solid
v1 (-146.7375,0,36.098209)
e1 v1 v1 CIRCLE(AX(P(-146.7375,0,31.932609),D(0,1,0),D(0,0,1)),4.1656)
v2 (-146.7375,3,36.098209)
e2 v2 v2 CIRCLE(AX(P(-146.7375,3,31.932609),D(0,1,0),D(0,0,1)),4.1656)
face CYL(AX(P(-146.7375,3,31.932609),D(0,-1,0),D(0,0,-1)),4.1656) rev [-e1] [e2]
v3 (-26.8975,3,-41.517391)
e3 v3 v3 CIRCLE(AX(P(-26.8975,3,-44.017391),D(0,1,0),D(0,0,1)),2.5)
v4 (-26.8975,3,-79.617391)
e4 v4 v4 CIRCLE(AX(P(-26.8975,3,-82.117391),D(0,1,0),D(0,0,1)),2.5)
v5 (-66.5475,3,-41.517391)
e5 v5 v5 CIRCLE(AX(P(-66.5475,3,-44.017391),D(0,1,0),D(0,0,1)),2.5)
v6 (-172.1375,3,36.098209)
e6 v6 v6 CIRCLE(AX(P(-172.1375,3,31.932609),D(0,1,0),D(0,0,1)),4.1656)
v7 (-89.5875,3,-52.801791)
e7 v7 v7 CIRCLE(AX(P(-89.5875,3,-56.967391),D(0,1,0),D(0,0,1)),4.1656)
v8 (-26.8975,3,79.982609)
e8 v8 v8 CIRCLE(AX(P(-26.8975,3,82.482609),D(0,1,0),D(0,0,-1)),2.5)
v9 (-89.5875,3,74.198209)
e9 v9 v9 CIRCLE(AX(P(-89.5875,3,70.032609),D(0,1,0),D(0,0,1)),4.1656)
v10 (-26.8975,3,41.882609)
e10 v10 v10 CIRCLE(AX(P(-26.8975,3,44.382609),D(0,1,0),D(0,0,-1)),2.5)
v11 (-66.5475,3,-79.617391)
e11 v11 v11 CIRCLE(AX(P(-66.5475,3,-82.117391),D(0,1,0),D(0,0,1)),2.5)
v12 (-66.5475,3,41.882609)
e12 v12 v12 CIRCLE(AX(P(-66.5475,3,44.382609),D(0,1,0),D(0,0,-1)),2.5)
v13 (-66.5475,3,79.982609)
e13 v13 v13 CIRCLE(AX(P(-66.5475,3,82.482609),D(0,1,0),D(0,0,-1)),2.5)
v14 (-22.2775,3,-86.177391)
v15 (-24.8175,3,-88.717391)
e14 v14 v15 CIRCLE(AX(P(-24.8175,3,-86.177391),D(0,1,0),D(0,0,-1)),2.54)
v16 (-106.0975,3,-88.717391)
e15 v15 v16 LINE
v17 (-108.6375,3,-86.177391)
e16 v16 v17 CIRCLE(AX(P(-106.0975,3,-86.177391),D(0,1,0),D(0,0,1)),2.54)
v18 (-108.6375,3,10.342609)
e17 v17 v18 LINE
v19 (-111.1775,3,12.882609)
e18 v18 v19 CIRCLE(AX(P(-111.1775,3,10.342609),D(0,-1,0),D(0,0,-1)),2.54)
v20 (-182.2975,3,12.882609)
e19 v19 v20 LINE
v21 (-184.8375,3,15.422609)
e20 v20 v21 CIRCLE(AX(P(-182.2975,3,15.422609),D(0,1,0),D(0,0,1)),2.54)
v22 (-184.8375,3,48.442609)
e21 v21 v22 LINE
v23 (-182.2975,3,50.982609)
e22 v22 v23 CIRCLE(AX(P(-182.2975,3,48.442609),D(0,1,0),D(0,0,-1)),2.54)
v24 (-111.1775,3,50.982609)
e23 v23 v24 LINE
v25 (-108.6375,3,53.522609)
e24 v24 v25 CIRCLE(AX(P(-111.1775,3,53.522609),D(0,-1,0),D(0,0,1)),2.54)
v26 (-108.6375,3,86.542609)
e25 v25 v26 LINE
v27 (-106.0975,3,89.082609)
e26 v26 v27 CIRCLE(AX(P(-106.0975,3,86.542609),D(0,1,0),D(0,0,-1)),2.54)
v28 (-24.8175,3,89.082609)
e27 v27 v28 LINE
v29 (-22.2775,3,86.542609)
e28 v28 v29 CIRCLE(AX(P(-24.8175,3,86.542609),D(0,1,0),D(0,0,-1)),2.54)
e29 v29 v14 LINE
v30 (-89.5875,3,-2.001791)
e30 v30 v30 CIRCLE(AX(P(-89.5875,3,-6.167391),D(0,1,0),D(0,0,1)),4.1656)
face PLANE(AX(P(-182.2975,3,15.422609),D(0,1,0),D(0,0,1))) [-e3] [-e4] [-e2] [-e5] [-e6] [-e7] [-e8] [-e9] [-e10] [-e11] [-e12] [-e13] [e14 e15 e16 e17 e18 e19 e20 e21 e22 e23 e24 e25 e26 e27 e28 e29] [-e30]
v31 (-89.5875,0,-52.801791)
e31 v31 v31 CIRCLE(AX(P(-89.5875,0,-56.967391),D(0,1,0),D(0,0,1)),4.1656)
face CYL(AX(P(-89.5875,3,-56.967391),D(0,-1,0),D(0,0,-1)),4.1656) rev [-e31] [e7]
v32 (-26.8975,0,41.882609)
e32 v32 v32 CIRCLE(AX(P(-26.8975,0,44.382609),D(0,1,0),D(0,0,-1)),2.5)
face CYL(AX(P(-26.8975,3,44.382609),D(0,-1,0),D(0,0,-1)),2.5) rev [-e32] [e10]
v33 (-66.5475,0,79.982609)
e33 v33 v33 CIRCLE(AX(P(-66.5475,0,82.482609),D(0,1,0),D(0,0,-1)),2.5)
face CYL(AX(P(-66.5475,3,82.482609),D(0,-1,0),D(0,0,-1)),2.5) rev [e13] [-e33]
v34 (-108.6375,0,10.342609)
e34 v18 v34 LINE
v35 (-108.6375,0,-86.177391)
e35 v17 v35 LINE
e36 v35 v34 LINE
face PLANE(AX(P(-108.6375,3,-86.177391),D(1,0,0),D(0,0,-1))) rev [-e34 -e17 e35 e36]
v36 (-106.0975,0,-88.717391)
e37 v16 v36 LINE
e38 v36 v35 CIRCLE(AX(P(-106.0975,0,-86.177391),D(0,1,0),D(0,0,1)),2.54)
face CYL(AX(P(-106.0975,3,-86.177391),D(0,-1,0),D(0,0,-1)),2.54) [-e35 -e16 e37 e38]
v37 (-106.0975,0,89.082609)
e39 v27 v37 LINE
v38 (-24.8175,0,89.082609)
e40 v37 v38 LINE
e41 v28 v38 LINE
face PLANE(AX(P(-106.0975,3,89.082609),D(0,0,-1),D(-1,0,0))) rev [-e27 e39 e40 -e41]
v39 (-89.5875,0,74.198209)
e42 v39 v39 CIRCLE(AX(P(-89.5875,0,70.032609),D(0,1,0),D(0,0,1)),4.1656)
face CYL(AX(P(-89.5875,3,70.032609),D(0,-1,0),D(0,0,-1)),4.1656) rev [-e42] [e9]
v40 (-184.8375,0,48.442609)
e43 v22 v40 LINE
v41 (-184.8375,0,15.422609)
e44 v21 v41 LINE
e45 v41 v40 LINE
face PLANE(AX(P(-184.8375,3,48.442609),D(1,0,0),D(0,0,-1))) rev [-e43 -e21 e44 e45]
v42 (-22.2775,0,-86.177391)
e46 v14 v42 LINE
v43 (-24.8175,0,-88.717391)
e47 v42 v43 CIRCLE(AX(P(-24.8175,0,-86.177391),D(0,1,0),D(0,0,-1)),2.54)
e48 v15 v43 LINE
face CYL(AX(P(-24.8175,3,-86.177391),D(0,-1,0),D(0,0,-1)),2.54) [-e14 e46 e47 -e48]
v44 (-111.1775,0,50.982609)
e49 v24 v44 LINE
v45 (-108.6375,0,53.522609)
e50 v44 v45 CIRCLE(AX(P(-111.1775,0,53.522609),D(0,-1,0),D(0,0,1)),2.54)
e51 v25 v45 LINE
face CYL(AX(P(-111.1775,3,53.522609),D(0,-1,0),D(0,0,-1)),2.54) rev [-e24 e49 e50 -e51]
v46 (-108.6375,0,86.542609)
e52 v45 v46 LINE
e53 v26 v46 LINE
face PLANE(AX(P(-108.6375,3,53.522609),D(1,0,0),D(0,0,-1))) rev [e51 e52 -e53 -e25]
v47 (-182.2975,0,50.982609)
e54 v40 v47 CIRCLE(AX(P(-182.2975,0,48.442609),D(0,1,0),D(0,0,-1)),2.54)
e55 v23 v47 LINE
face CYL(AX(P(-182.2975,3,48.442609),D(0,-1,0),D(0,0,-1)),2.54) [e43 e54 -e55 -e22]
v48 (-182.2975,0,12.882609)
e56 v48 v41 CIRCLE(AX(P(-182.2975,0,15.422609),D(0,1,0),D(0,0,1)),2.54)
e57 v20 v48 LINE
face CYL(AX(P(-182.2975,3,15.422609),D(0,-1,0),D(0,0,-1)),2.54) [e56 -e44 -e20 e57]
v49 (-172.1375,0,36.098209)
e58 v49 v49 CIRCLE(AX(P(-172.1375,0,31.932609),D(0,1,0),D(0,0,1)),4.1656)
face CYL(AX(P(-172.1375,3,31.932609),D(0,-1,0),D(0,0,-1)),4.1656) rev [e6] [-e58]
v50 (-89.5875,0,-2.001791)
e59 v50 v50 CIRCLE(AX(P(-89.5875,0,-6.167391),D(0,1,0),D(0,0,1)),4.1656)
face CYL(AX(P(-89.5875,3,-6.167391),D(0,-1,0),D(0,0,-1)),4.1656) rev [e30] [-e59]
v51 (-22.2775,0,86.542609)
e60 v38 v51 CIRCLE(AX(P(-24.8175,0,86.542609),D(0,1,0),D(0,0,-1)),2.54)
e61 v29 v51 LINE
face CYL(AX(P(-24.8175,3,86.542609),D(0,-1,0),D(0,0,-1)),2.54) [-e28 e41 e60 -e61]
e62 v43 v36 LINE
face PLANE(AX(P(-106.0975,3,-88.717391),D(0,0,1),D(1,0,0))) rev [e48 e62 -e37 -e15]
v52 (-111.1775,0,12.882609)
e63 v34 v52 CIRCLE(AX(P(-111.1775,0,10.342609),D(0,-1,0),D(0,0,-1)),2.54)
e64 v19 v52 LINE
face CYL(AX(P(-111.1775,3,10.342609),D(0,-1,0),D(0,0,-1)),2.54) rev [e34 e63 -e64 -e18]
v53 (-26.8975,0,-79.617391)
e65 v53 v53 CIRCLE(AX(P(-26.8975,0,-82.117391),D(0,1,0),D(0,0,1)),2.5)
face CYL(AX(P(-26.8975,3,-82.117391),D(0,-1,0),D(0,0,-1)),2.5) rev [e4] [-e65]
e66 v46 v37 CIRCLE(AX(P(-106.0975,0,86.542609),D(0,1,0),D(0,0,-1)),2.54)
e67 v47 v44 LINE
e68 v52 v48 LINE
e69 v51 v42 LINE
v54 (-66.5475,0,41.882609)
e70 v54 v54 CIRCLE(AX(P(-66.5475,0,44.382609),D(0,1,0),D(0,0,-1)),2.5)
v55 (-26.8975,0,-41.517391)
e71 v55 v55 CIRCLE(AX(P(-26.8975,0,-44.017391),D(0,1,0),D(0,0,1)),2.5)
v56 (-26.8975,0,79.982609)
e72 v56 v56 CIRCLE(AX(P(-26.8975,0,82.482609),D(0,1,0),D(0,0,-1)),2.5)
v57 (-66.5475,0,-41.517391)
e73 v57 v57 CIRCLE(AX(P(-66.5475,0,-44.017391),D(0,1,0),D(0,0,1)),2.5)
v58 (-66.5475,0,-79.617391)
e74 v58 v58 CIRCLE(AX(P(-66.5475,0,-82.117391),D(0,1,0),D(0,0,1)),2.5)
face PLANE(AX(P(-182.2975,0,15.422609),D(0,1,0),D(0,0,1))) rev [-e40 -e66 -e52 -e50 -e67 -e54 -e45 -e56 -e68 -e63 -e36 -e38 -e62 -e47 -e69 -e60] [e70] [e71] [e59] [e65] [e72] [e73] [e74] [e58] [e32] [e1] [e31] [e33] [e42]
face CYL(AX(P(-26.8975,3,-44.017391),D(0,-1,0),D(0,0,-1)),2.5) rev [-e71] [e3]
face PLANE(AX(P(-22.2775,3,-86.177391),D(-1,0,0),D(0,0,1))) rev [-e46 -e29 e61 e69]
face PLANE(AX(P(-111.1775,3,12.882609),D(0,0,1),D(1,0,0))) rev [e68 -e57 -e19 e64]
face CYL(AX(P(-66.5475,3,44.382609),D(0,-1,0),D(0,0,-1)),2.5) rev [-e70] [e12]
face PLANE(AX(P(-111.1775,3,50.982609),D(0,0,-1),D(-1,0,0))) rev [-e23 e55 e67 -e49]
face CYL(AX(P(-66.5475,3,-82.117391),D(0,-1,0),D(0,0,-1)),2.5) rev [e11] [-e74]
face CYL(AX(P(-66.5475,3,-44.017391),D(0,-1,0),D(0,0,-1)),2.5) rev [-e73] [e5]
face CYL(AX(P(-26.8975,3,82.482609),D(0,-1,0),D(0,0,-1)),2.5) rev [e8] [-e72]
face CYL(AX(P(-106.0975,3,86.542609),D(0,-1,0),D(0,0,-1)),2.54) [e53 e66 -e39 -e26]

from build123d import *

# Parameters (mm, degrees)
SKETCH1_R           = 2.5
SKETCH1_R_2         = 4.1656
BOSS_EXTRUDE1_DEPTH = 3


with BuildPart() as part:
    # Sketch1 → Boss-Extrude1 (new body)
    with BuildSketch(Plane(origin=(0, 0, 0), x_dir=(1, 0, 0), z_dir=(0, 1, 0))):
        with BuildLine():
            Line((-108.6375, -53.522608696), (-108.6375, -86.542608696))
            ThreePointArc((-108.6375, -86.542608696), (-107.893551224, -88.33865992), (-106.0975, -89.082608696))
            Line((-106.0975, -89.082608696), (-24.8175, -89.082608696))
            ThreePointArc((-24.8175, -89.082608696), (-23.021448776, -88.33865992), (-22.2775, -86.542608696))
            Line((-22.2775, -86.542608696), (-22.2775, 86.177391304))
            ThreePointArc((-22.2775, 86.177391304), (-23.021448776, 87.973442529), (-24.8175, 88.717391304))
            Line((-24.8175, 88.717391304), (-106.0975, 88.717391304))
            ThreePointArc((-106.0975, 88.717391304), (-107.893551224, 87.973442529), (-108.6375, 86.177391304))
            Line((-108.6375, 86.177391304), (-108.6375, -10.342608696))
            ThreePointArc((-108.6375, -10.342608696), (-109.381448776, -12.13865992), (-111.1775, -12.882608696))
            Line((-111.1775, -12.882608696), (-182.2975, -12.882608696))
            ThreePointArc((-182.2975, -12.882608696), (-184.093551224, -13.626557471), (-184.8375, -15.422608696))
            Line((-184.8375, -15.422608696), (-184.8375, -48.442608696))
            ThreePointArc((-184.8375, -48.442608696), (-184.093551224, -50.23865992), (-182.2975, -50.982608696))
            Line((-182.2975, -50.982608696), (-111.1775, -50.982608696))
            ThreePointArc((-111.1775, -50.982608696), (-109.381448776, -51.726557471), (-108.6375, -53.522608696))
        make_face()
        with Locations(Location((-66.5475, 82.117391304, 0), (0, 0, 270))):
            Circle(SKETCH1_R, mode=Mode.SUBTRACT)
        with Locations(Location((-26.8975, 82.117391304, 0), (0, 0, 270))):
            Circle(SKETCH1_R, mode=Mode.SUBTRACT)
        with Locations(Location((-66.5475, 44.017391304, 0), (0, 0, 270))):
            Circle(SKETCH1_R, mode=Mode.SUBTRACT)
        with Locations(Location((-26.8975, 44.017391304, 0), (0, 0, 270))):
            Circle(SKETCH1_R, mode=Mode.SUBTRACT)
        with Locations(Location((-26.8975, -44.382608696, 0), (0, 0, 90))):
            Circle(SKETCH1_R, mode=Mode.SUBTRACT)
        with Locations(Location((-66.5475, -44.382608696, 0), (0, 0, 90))):
            Circle(SKETCH1_R, mode=Mode.SUBTRACT)
        with Locations(Location((-26.8975, -82.482608696, 0), (0, 0, 90))):
            Circle(SKETCH1_R, mode=Mode.SUBTRACT)
        with Locations(Location((-66.5475, -82.482608696, 0), (0, 0, 90))):
            Circle(SKETCH1_R, mode=Mode.SUBTRACT)
        with Locations(Location((-89.5875, -70.032608696, 0), (0, 0, 270))):
            Circle(SKETCH1_R_2, mode=Mode.SUBTRACT)
        with Locations(Location((-89.5875, 6.167391304, 0), (0, 0, 270))):
            Circle(SKETCH1_R_2, mode=Mode.SUBTRACT)
        with Locations(Location((-89.5875, 56.967391304, 0), (0, 0, 270))):
            Circle(SKETCH1_R_2, mode=Mode.SUBTRACT)
        with Locations(Location((-172.1375, -31.932608696, 0), (0, 0, 270))):
            Circle(SKETCH1_R_2, mode=Mode.SUBTRACT)
        with Locations(Location((-146.7375, -31.932608696, 0), (0, 0, 270))):
            Circle(SKETCH1_R_2, mode=Mode.SUBTRACT)
    extrude(amount=BOSS_EXTRUDE1_DEPTH)


solid = part.part
